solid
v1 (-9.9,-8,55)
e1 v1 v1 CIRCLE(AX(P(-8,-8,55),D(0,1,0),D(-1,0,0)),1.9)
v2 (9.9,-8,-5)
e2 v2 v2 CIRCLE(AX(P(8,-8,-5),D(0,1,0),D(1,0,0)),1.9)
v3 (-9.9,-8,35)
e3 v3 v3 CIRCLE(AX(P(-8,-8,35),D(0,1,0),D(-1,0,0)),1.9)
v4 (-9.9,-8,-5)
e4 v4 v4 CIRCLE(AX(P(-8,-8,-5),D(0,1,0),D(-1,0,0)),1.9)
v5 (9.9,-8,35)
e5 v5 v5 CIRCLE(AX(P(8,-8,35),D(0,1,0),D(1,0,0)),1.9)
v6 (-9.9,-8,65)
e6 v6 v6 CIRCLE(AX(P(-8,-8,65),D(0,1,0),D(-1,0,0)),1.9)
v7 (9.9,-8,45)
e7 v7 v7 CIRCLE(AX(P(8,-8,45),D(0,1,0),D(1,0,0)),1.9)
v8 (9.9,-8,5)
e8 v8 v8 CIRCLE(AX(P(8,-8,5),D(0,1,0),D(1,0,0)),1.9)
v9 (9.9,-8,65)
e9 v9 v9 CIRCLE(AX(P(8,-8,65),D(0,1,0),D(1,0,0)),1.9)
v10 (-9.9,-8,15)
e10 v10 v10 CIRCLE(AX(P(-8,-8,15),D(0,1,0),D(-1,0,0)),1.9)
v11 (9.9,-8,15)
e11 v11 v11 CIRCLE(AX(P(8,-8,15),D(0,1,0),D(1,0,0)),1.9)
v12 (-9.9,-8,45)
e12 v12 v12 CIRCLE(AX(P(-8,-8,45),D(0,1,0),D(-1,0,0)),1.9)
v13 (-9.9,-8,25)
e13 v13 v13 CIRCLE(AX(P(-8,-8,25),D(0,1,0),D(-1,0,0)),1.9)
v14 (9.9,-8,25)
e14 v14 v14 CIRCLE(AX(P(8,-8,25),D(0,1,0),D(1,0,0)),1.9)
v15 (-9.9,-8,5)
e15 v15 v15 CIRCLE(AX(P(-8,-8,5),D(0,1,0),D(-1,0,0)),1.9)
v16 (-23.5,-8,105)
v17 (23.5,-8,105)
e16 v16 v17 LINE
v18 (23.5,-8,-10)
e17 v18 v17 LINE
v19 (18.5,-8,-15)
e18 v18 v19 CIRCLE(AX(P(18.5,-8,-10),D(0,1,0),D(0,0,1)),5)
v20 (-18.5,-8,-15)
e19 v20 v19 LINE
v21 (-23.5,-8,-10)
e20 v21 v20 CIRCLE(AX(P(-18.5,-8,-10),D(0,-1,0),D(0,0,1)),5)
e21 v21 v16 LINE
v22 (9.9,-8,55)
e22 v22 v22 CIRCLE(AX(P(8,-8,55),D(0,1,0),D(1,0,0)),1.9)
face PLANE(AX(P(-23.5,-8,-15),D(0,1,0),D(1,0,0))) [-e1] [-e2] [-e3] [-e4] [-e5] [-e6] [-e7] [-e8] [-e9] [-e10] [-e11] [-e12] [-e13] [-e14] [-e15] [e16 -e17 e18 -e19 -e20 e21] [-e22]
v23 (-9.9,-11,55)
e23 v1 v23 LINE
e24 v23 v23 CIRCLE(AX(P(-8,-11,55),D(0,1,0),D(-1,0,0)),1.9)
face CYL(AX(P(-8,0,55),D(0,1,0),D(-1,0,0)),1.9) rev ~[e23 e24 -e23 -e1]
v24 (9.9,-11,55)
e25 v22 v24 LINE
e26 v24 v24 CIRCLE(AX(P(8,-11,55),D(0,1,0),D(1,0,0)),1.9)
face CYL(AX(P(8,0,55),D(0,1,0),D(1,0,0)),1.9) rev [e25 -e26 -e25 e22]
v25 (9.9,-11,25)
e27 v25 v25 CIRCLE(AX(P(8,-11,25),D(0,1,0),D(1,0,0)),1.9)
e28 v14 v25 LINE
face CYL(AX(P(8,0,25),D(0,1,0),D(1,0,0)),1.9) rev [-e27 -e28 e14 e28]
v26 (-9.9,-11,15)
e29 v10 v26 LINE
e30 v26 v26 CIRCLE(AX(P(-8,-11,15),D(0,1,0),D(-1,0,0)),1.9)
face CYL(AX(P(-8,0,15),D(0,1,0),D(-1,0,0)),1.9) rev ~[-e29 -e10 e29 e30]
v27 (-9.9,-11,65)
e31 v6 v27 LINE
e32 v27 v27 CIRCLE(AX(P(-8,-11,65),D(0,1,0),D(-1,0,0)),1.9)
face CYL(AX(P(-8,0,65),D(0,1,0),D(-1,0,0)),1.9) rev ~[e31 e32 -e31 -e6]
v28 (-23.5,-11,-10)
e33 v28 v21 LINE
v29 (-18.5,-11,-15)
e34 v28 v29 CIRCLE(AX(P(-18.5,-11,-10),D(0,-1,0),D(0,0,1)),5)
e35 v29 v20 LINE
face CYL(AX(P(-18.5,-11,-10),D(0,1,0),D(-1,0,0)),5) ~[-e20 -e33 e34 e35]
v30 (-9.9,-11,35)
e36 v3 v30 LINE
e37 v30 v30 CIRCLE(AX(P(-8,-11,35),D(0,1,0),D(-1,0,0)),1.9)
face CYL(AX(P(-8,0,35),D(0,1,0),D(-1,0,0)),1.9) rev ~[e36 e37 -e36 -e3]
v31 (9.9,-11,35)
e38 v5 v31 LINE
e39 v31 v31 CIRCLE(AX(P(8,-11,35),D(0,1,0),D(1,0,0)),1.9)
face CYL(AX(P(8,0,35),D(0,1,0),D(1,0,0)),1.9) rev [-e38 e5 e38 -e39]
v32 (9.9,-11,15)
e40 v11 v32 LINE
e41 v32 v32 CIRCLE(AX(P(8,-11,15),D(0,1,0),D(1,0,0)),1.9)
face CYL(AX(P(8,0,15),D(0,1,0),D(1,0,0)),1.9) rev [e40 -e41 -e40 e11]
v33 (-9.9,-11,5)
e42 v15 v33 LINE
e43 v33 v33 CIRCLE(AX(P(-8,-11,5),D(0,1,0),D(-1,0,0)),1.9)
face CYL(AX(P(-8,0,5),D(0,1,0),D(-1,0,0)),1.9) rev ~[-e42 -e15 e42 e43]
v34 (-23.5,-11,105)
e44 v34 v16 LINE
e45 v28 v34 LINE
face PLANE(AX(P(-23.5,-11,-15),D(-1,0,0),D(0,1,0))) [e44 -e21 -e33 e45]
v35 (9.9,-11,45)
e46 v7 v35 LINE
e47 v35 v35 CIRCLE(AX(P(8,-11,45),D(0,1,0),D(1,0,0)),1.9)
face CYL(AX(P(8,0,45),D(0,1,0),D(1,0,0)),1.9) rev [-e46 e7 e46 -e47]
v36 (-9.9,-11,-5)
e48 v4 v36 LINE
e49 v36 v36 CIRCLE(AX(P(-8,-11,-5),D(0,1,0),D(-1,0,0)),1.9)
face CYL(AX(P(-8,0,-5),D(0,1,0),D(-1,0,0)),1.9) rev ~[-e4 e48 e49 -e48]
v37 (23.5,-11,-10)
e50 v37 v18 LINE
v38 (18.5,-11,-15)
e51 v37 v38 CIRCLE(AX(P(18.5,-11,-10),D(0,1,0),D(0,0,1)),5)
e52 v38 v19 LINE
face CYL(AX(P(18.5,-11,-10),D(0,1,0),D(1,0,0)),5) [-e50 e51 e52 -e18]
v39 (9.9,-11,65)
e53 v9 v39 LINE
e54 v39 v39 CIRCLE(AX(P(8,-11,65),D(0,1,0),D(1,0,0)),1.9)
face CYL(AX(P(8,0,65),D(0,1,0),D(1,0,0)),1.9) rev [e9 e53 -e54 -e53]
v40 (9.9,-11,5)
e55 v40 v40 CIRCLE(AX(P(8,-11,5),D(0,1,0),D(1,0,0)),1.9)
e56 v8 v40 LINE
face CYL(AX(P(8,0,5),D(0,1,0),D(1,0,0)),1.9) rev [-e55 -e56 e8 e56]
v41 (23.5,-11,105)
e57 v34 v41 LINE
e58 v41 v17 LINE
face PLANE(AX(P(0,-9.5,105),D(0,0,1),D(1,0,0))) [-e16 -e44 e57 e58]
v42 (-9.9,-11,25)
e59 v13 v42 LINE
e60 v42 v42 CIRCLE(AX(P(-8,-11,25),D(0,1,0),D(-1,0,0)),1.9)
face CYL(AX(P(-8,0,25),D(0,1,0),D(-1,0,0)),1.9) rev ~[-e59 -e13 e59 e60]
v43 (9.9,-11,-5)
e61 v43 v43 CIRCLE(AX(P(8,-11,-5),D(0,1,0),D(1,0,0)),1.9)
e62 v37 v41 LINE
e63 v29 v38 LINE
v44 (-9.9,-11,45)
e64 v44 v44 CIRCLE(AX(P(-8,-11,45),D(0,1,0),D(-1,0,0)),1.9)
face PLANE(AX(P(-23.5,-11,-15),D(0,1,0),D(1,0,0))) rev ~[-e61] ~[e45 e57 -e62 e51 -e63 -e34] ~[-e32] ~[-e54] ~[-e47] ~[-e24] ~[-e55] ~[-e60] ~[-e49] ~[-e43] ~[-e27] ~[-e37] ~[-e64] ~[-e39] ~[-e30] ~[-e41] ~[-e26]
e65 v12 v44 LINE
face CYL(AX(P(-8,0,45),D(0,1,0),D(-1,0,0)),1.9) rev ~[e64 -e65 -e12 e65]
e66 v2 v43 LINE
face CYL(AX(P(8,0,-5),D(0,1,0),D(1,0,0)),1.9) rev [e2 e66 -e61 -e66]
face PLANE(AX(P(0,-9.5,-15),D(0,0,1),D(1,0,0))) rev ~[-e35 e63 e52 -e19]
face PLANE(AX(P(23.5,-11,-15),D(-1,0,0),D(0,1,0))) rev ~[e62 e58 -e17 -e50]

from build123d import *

# Parameters (mm, degrees)
CYLINDER002_R     = 1.9
CYLINDER002_DEPTH = 20
ARRAY003_Z_COUNT  = 8
ARRAY003_Z_PITCH  = 10
BOX003_W          = 47
BOX003_H          = 3
BOX003_DEPTH      = 120
FILLET003_R       = 5


with BuildPart() as laser_attachment_hole:
    # Cylinder002 → Cylinder002 (new body)
    with BuildSketch(Plane(origin=(8, 0, 0), x_dir=(1, 0, 0), z_dir=(0, -1, 0))):
        Circle(CYLINDER002_R)
    extrude(amount=CYLINDER002_DEPTH)


with BuildPart() as laser_hole_array:
    # Part__Mirroring003: instance of laser attachment hole
    add(laser_attachment_hole.part.mirror(Plane(origin=(0, 0, 0), x_dir=(0, -1, 0), z_dir=(1, 0, 0))))

    # Fusion002: union laser attachment hole
    add(laser_attachment_hole.part)

    # Array003 Z: laser hole array ×8


with BuildPart() as laser_hole_array_1:
    add(laser_hole_array.part)
    with Locations(*[(0, 0, i * ARRAY003_Z_PITCH) for i in range(1, ARRAY003_Z_COUNT)]):
        add(laser_hole_array.part)


with BuildPart() as laser_hole_array_2:
    # Array003 placement: moved
    add(laser_hole_array_1.part.moved(Location((0, 0, -5))))


with BuildPart() as holder_with_holes:
    # Box003 → Box003 (new body)
    with BuildSketch(Plane(origin=(-23.5, -11, -15), x_dir=(1, 0, 0), z_dir=(0, 0, 1))):
        with Locations((23.5, 1.5)):
            Rectangle(BOX003_W, BOX003_H)
    extrude(amount=BOX003_DEPTH)

    # Fillet003
    fillet003_edges = [holder_with_holes.edges().sort_by_distance(p)[0] for p in [
        (-23.5, -9.5, -15),
        (23.5, -9.5, -15),
    ]]
    fillet(fillet003_edges, radius=FILLET003_R)

    # Cut002: cut laser hole array
    add(laser_hole_array_2.part, mode=Mode.SUBTRACT)


solid = holder_with_holes.part
